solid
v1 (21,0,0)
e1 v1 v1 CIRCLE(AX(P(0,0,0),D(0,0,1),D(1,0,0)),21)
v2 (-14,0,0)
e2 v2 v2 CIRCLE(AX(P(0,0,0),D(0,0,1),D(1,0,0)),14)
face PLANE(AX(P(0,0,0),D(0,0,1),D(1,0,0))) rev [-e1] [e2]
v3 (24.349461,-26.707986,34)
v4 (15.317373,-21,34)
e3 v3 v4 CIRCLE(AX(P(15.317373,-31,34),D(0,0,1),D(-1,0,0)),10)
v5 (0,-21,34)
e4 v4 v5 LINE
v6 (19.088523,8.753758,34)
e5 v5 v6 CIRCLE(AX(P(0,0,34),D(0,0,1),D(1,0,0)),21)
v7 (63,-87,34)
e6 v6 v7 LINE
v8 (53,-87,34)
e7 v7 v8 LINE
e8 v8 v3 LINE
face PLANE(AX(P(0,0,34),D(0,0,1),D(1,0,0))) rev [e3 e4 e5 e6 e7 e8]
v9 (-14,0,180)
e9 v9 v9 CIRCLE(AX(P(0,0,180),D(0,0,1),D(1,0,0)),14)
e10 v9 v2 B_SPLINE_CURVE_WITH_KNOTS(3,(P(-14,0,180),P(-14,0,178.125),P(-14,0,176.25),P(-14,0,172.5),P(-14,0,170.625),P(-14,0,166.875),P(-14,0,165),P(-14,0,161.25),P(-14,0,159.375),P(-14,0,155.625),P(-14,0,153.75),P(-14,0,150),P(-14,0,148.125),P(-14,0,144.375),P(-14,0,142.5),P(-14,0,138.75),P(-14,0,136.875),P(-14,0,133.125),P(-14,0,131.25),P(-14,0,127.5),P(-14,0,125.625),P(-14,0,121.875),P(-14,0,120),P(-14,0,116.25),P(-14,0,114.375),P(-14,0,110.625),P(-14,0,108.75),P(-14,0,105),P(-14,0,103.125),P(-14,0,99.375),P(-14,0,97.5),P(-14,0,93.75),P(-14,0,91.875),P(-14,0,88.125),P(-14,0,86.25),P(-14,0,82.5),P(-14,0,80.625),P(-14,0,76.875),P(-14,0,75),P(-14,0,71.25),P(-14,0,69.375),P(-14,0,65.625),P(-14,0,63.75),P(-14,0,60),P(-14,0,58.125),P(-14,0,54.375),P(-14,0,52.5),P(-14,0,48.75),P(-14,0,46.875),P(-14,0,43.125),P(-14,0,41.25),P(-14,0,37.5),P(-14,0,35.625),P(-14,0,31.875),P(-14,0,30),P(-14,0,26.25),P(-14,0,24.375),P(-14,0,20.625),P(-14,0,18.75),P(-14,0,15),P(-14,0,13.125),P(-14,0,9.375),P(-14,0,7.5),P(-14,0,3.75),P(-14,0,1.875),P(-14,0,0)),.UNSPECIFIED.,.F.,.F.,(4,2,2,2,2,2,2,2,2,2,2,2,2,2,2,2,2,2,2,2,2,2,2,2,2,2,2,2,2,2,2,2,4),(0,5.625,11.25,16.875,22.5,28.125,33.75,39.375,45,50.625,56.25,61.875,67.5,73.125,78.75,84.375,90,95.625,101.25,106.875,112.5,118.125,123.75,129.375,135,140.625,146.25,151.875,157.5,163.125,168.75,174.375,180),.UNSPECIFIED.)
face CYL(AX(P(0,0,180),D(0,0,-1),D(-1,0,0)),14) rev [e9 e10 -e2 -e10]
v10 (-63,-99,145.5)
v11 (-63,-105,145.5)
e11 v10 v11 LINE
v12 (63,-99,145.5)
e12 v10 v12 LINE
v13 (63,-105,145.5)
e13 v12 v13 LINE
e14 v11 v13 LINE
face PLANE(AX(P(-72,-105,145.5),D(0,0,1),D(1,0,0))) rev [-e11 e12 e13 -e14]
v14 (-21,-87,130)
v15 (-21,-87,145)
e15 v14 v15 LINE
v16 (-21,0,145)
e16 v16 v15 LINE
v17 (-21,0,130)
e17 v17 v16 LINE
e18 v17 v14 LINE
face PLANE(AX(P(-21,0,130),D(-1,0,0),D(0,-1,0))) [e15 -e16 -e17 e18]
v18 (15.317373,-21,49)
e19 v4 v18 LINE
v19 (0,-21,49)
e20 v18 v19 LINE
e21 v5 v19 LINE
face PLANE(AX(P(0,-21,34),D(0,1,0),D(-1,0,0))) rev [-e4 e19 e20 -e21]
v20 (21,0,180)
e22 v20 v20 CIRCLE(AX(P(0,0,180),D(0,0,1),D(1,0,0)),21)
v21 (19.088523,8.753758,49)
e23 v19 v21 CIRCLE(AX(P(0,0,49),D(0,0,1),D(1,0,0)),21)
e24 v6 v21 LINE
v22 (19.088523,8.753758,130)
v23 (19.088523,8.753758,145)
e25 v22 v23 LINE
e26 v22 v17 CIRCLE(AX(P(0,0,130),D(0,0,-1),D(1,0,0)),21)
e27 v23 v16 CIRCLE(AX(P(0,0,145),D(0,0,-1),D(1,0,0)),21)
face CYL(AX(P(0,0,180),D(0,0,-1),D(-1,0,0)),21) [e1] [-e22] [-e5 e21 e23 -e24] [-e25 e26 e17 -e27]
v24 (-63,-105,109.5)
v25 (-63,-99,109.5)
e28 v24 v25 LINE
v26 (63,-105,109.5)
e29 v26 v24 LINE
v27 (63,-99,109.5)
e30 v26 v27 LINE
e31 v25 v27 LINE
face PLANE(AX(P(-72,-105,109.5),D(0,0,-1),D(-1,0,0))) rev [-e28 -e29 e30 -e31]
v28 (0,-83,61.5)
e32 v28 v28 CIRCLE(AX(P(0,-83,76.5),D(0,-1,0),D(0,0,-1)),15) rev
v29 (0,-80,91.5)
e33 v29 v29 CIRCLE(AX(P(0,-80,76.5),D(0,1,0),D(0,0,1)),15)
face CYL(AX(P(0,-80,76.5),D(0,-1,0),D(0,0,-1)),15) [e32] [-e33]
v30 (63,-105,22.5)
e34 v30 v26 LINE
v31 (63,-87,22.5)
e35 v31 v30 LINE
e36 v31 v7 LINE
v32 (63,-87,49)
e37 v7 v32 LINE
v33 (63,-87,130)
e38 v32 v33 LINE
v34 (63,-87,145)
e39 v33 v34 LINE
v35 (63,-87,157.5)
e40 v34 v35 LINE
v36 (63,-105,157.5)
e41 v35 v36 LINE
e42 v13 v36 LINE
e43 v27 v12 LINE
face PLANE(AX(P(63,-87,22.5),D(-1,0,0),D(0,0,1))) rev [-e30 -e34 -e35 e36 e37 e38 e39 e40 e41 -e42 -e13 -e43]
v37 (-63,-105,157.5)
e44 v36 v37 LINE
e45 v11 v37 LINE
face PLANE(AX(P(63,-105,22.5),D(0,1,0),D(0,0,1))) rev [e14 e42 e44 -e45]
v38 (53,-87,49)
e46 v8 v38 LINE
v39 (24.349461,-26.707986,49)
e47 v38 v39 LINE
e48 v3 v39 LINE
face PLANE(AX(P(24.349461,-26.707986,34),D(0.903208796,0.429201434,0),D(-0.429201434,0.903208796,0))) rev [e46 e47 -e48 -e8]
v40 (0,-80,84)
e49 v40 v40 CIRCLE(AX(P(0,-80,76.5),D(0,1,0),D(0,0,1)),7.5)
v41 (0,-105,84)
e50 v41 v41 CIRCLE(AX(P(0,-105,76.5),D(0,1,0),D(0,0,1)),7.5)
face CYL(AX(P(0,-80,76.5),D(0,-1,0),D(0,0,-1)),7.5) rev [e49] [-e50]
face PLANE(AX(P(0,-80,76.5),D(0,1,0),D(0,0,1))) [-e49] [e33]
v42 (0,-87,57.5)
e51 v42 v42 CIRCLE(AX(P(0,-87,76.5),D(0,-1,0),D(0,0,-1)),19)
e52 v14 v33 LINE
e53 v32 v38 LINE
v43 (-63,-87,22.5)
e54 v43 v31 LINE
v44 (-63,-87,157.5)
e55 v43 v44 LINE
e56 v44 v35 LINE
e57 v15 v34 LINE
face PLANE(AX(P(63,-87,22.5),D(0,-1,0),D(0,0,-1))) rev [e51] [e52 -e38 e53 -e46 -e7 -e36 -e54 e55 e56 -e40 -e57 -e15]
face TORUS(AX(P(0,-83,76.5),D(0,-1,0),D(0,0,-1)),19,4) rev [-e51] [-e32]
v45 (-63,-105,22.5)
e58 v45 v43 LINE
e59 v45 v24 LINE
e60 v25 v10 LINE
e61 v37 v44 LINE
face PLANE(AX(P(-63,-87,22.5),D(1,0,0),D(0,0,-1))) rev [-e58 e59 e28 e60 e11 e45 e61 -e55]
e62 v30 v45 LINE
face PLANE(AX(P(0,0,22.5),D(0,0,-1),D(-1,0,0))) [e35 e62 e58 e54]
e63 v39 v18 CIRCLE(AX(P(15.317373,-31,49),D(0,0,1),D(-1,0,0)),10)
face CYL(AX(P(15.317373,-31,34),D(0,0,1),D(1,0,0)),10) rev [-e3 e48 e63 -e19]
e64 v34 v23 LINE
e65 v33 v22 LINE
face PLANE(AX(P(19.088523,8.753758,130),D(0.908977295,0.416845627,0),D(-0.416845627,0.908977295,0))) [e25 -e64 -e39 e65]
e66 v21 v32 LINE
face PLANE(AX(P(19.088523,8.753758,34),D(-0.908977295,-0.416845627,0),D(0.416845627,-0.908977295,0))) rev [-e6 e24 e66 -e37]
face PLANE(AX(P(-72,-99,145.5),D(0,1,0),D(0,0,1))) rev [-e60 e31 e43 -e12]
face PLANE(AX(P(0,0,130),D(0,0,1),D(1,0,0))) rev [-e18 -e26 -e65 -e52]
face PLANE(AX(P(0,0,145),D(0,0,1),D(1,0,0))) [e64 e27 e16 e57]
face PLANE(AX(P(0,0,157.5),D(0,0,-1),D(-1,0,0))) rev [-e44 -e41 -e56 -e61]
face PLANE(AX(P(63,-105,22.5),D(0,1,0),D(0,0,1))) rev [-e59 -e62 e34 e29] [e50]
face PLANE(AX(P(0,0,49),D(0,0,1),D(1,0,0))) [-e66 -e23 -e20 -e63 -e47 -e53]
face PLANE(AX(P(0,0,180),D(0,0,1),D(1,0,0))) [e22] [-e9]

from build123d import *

# Parameters (mm, degrees)
SKETCH1_R           = 21
SKETCH1_R_2         = 14
BOSS_EXTRUDE1_DEPTH = 180
SKETCH3_W           = 126
SKETCH3_H           = 18
BOSS_EXTRUDE3_DEPTH = 67.5
SKETCH4_W           = 36
SKETCH4_H           = 6
CUT_EXTRUDE1_DEPTH  = 135
SKETCH5_R           = 15
SKETCH5_R_2         = 7.5
BOSS_EXTRUDE4_DEPTH = 7
FILLET1_R           = 4
BOSS_EXTRUDE5_START = -15
BOSS_EXTRUDE5_DEPTH = 15
BOSS_EXTRUDE6_START = 15
BOSS_EXTRUDE6_DEPTH = 15
CUT_EXTRUDE2_START  = -49
SKETCH9_R           = 7.5
CUT_EXTRUDE2_DEPTH  = 49


with BuildPart() as part:
    # Sketch1 → Boss-Extrude1 (new body)
    with BuildSketch(Plane.XY):
        with Locations(Location((0, 0, 0), (0, 0, 180))):
            Circle(SKETCH1_R)
        with Locations(Location((0, 0, 0), (0, 0, 180))):
            Circle(SKETCH1_R_2, mode=Mode.SUBTRACT)
    extrude(amount=BOSS_EXTRUDE1_DEPTH)



with BuildPart() as body_2:
    # Sketch3 → Boss-Extrude3 (new, symmetric)
    with BuildSketch(Plane(origin=(0, 0, 90), x_dir=(-1, 0, 0), z_dir=(0, 0, -1))):
        with Locations((0, -96)):
            Rectangle(SKETCH3_W, SKETCH3_H)
    extrude(amount=BOSS_EXTRUDE3_DEPTH, both=True)

    # Sketch4 → Cut-Extrude1 (cut)
    with BuildSketch(Plane(origin=(63, 0, 0), x_dir=(0, 0, -1), z_dir=(1, 0, 0))):
        with Locations((-127.5, -102)):
            Rectangle(SKETCH4_W, SKETCH4_H)
    extrude(amount=-CUT_EXTRUDE1_DEPTH, mode=Mode.SUBTRACT)

    # Sketch5 → Boss-Extrude4 (add)
    with BuildSketch(Plane(origin=(0, -87, 0), x_dir=(1, 0, 0), z_dir=(0, 1, 0))):
        with Locations(Location((0, -76.5, 0), (0, 0, 90))):
            Circle(SKETCH5_R)
        with Locations(Location((0, -76.5, 0), (0, 0, 270))):
            Circle(SKETCH5_R_2, mode=Mode.SUBTRACT)
    extrude(amount=BOSS_EXTRUDE4_DEPTH)

    # Fillet1
    fillet1_edges = [body_2.edges().sort_by_distance(p)[0] for p in [
        (0, -87, 91.5),
    ]]
    fillet(fillet1_edges, radius=FILLET1_R)


with BuildPart() as part_1:
    add(part.part)

    add(body_2.part)  # Boss-Extrude5 merges body 2
    # Sketch6 → Boss-Extrude5 (add)
    with BuildSketch(Plane.XY.offset(145).offset(BOSS_EXTRUDE5_START)):
        with BuildLine():
            Line((-21, 0), (-21, -87))
            Line((-21, -87), (63, -87))
            Line((63, -87), (19.088523196, 8.753758176))
            ThreePointArc((19.088523196, 8.753758176), (4.48001188, -20.51656632), (-21, 0))
        make_face()
    extrude(amount=BOSS_EXTRUDE5_DEPTH)

    # Sketch8 → Boss-Extrude6 (add)
    with BuildSketch(Plane(origin=(0, 0, 49), x_dir=(-1, 0, 0), z_dir=(0, 0, -1)).offset(BOSS_EXTRUDE6_START)):
        with BuildLine():
            Line((0, -21), (-15.31737287, -21))
            ThreePointArc((-15.31737287, -21), (-20.659650317, -22.546594078), (-24.349460831, -26.707985664))
            Line((-24.349460831, -26.707985664), (-53, -87))
            Line((-53, -87), (-63, -87))
            Line((-63, -87), (-19.088523196, 8.753758176))
            ThreePointArc((-19.088523196, 8.753758176), (-17.675249952, -11.339556391), (0, -21))
        make_face()
    extrude(amount=-BOSS_EXTRUDE6_DEPTH)

    # Sketch9 → Cut-Extrude2 (cut)
    with BuildSketch(Plane(origin=(0, -87, 0), x_dir=(1, 0, 0), z_dir=(0, 1, 0)).offset(CUT_EXTRUDE2_START)):
        with Locations(Location((0, -76.5, 0), (0, 0, 270))):
            Circle(SKETCH9_R)
    extrude(amount=CUT_EXTRUDE2_DEPTH, mode=Mode.SUBTRACT)


solid = part_1.part
